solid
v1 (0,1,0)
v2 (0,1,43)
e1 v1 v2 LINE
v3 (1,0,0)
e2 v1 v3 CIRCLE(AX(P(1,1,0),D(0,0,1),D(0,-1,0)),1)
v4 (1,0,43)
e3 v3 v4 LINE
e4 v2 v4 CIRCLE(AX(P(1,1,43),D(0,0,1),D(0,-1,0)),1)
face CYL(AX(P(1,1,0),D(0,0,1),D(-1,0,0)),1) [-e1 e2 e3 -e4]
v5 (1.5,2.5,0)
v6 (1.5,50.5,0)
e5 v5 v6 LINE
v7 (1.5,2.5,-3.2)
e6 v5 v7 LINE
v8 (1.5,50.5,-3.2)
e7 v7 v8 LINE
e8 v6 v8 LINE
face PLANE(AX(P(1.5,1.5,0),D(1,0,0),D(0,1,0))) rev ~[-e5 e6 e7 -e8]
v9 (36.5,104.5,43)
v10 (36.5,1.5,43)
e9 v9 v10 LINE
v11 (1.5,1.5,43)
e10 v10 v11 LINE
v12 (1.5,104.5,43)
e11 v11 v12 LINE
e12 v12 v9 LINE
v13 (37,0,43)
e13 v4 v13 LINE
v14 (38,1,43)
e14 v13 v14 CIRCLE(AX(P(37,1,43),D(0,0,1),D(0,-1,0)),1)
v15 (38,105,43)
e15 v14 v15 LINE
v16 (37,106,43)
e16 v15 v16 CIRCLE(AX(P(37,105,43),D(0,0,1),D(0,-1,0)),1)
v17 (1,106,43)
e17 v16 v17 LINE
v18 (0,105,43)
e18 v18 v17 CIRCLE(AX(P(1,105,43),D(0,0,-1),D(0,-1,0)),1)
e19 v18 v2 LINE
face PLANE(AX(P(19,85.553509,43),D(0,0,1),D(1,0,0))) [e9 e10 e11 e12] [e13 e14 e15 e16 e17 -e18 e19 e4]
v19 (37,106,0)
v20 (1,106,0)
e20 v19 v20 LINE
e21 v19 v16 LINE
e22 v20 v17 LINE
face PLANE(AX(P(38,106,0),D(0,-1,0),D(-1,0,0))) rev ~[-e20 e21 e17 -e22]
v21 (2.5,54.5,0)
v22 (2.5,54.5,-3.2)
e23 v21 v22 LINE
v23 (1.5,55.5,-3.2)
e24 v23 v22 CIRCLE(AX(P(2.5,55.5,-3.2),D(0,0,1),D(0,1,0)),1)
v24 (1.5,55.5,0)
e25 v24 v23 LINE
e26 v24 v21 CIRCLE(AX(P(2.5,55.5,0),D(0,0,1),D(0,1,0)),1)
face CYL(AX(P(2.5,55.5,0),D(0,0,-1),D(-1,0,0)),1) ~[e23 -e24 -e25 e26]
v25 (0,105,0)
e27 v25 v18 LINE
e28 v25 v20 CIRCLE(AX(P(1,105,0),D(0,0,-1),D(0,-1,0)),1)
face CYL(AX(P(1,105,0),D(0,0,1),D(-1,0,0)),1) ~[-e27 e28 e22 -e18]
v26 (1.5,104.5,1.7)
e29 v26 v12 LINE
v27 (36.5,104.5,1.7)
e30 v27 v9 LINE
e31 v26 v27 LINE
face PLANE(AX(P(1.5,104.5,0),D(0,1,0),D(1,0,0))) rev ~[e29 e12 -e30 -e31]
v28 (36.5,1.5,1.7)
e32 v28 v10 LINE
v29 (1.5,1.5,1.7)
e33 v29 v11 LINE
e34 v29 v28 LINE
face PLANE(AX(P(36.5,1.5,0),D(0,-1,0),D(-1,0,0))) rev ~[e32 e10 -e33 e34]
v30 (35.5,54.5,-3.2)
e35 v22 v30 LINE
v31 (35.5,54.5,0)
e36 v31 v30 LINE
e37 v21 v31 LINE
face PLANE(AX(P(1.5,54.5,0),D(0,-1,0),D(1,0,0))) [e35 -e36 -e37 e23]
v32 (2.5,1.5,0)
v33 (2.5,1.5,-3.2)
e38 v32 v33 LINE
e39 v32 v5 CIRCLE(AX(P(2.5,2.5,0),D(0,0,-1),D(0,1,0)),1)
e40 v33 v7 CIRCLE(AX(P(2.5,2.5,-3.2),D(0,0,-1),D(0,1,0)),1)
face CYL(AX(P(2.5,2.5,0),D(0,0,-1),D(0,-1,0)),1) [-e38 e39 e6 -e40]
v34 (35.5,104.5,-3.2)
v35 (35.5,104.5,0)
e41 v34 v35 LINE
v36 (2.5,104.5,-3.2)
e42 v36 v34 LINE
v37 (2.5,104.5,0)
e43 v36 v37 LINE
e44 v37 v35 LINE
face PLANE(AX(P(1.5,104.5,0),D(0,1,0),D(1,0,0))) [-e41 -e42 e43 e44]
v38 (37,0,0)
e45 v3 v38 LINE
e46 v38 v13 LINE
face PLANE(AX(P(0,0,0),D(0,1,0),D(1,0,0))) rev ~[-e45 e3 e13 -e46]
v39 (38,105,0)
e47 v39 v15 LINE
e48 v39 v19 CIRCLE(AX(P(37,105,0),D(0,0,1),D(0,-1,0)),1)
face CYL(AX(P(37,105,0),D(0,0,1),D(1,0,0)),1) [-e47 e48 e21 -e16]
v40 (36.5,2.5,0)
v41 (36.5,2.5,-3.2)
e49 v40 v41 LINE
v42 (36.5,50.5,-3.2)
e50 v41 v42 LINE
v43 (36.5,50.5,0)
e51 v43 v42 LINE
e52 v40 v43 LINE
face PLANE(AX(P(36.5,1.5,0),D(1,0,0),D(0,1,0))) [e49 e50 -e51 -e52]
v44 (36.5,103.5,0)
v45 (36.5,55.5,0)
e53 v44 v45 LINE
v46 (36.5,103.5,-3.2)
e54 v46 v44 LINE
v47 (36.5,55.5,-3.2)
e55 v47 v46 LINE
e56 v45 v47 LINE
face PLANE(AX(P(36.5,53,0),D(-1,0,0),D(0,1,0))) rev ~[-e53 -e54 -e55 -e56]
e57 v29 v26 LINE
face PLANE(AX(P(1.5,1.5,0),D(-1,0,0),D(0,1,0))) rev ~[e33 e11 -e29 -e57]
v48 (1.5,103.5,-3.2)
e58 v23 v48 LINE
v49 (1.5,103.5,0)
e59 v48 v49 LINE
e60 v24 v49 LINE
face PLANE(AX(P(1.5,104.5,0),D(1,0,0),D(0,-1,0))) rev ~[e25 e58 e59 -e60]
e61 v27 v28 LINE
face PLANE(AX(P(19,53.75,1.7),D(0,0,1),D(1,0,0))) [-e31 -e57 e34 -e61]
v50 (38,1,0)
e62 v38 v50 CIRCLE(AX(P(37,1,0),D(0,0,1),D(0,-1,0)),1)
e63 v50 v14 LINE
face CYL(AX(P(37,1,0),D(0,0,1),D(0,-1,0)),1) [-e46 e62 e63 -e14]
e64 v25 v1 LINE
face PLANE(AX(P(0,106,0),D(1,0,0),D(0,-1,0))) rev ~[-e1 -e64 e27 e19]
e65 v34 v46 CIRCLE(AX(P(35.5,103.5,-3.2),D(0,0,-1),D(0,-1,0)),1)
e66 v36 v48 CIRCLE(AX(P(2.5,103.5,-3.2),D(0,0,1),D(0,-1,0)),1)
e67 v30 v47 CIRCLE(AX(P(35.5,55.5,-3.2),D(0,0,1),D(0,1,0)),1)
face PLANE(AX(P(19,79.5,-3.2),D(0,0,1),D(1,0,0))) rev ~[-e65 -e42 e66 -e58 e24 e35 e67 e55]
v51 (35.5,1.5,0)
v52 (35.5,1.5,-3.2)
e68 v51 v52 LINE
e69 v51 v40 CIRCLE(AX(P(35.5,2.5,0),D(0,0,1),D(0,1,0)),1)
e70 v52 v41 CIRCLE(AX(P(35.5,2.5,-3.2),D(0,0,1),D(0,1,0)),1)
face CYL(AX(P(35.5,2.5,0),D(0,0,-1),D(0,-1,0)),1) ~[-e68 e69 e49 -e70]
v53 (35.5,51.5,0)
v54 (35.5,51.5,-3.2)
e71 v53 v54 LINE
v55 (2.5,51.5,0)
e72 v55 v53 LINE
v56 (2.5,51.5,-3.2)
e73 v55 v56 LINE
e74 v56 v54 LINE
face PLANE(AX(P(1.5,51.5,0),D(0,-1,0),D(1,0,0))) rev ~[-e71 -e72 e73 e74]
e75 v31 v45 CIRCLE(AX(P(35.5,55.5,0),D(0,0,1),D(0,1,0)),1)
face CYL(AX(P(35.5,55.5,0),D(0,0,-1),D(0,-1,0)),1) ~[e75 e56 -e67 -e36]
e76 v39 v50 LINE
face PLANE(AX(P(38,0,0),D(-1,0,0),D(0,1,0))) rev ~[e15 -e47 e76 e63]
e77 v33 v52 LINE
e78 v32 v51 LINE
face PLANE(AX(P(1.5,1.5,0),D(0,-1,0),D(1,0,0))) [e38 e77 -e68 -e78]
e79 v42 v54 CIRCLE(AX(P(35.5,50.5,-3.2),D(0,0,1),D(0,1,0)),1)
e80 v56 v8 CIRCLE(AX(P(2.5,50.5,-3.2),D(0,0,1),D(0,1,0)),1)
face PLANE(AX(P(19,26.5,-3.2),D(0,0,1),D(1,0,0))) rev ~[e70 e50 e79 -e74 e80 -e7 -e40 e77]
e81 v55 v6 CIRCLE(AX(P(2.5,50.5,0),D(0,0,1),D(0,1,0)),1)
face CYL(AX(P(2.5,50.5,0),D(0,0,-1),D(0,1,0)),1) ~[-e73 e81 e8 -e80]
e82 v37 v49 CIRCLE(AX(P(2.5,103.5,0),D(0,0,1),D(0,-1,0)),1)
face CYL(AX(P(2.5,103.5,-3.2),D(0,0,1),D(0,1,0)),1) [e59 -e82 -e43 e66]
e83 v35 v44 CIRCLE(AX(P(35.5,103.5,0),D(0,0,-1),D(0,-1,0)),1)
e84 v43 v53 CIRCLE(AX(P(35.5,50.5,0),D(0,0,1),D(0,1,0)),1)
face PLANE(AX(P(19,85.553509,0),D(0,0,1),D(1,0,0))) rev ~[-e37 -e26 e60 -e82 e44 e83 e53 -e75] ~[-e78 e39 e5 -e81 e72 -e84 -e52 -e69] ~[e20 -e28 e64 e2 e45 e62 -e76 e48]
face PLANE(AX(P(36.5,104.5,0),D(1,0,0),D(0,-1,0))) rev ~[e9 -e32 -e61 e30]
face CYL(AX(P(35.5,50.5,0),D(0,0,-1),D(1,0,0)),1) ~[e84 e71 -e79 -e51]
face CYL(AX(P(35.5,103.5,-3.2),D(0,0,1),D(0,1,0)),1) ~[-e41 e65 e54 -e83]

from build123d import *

# Parameters (mm, degrees)
F0_W     = 35
F0_H     = 50
F1_DEPTH = 3.2
F0_H_2   = 1.5
F2_DEPTH = 1.7
F3_DEPTH = 43
F4_R     = 1


with BuildPart() as f1:
    # F0 (on Top) → F1 (new body)
    with BuildSketch(Plane.XY):
        with Locations((19, 79.5)):
            Rectangle(F0_W, F0_H)
        with Locations((19, 26.5)):
            Rectangle(F0_W, F0_H)
    extrude(amount=-F1_DEPTH)

    # F0 (on Top) → F2 (join)
    with BuildSketch(Plane.XY):
        with Locations((19, 53.75)):
            Rectangle(F0_W, F0_H_2)
        Polygon((0, 53), (0, 0), (38, 0), (38, 53), (36.5, 53), (36.5, 51.5), (36.5, 1.5), (1.5, 1.5), (1.5, 51.5), (1.5, 53), align=None)
        with Locations((19, 26.5)):
            Rectangle(F0_W, F0_H)
        with Locations((19, 79.5)):
            Rectangle(F0_W, F0_H)
        with Locations((19, 52.25)):
            Rectangle(F0_W, F0_H_2)
    extrude(amount=F2_DEPTH)

    # F0 (on Top) → F3 (join)
    with BuildSketch(Plane.XY):
        Polygon((0, 106), (0, 53), (1.5, 53), (1.5, 54.5), (1.5, 104.5), (36.5, 104.5), (36.5, 54.5), (36.5, 53), (38, 53), (38, 106), align=None)
        Polygon((0, 53), (0, 0), (38, 0), (38, 53), (36.5, 53), (36.5, 51.5), (36.5, 1.5), (1.5, 1.5), (1.5, 51.5), (1.5, 53), align=None)
    extrude(amount=F3_DEPTH)

    # F4
    f4_edges = [f1.edges().sort_by_distance(p)[0] for p in [
        (0, 0, 21.5),
        (38, 0, 21.5),
        (38, 106, 21.5),
        (0, 106, 21.5),
        (1.5, 104.5, -1.6),
        (36.5, 104.5, -1.6),
        (36.5, 54.5, -1.6),
        (1.5, 54.5, -1.6),
        (1.5, 51.5, -1.6),
        (36.5, 51.5, -1.6),
        (36.5, 1.5, -1.6),
        (1.5, 1.5, -1.6),
    ]]
    fillet(f4_edges, radius=F4_R)


solid = f1.part
